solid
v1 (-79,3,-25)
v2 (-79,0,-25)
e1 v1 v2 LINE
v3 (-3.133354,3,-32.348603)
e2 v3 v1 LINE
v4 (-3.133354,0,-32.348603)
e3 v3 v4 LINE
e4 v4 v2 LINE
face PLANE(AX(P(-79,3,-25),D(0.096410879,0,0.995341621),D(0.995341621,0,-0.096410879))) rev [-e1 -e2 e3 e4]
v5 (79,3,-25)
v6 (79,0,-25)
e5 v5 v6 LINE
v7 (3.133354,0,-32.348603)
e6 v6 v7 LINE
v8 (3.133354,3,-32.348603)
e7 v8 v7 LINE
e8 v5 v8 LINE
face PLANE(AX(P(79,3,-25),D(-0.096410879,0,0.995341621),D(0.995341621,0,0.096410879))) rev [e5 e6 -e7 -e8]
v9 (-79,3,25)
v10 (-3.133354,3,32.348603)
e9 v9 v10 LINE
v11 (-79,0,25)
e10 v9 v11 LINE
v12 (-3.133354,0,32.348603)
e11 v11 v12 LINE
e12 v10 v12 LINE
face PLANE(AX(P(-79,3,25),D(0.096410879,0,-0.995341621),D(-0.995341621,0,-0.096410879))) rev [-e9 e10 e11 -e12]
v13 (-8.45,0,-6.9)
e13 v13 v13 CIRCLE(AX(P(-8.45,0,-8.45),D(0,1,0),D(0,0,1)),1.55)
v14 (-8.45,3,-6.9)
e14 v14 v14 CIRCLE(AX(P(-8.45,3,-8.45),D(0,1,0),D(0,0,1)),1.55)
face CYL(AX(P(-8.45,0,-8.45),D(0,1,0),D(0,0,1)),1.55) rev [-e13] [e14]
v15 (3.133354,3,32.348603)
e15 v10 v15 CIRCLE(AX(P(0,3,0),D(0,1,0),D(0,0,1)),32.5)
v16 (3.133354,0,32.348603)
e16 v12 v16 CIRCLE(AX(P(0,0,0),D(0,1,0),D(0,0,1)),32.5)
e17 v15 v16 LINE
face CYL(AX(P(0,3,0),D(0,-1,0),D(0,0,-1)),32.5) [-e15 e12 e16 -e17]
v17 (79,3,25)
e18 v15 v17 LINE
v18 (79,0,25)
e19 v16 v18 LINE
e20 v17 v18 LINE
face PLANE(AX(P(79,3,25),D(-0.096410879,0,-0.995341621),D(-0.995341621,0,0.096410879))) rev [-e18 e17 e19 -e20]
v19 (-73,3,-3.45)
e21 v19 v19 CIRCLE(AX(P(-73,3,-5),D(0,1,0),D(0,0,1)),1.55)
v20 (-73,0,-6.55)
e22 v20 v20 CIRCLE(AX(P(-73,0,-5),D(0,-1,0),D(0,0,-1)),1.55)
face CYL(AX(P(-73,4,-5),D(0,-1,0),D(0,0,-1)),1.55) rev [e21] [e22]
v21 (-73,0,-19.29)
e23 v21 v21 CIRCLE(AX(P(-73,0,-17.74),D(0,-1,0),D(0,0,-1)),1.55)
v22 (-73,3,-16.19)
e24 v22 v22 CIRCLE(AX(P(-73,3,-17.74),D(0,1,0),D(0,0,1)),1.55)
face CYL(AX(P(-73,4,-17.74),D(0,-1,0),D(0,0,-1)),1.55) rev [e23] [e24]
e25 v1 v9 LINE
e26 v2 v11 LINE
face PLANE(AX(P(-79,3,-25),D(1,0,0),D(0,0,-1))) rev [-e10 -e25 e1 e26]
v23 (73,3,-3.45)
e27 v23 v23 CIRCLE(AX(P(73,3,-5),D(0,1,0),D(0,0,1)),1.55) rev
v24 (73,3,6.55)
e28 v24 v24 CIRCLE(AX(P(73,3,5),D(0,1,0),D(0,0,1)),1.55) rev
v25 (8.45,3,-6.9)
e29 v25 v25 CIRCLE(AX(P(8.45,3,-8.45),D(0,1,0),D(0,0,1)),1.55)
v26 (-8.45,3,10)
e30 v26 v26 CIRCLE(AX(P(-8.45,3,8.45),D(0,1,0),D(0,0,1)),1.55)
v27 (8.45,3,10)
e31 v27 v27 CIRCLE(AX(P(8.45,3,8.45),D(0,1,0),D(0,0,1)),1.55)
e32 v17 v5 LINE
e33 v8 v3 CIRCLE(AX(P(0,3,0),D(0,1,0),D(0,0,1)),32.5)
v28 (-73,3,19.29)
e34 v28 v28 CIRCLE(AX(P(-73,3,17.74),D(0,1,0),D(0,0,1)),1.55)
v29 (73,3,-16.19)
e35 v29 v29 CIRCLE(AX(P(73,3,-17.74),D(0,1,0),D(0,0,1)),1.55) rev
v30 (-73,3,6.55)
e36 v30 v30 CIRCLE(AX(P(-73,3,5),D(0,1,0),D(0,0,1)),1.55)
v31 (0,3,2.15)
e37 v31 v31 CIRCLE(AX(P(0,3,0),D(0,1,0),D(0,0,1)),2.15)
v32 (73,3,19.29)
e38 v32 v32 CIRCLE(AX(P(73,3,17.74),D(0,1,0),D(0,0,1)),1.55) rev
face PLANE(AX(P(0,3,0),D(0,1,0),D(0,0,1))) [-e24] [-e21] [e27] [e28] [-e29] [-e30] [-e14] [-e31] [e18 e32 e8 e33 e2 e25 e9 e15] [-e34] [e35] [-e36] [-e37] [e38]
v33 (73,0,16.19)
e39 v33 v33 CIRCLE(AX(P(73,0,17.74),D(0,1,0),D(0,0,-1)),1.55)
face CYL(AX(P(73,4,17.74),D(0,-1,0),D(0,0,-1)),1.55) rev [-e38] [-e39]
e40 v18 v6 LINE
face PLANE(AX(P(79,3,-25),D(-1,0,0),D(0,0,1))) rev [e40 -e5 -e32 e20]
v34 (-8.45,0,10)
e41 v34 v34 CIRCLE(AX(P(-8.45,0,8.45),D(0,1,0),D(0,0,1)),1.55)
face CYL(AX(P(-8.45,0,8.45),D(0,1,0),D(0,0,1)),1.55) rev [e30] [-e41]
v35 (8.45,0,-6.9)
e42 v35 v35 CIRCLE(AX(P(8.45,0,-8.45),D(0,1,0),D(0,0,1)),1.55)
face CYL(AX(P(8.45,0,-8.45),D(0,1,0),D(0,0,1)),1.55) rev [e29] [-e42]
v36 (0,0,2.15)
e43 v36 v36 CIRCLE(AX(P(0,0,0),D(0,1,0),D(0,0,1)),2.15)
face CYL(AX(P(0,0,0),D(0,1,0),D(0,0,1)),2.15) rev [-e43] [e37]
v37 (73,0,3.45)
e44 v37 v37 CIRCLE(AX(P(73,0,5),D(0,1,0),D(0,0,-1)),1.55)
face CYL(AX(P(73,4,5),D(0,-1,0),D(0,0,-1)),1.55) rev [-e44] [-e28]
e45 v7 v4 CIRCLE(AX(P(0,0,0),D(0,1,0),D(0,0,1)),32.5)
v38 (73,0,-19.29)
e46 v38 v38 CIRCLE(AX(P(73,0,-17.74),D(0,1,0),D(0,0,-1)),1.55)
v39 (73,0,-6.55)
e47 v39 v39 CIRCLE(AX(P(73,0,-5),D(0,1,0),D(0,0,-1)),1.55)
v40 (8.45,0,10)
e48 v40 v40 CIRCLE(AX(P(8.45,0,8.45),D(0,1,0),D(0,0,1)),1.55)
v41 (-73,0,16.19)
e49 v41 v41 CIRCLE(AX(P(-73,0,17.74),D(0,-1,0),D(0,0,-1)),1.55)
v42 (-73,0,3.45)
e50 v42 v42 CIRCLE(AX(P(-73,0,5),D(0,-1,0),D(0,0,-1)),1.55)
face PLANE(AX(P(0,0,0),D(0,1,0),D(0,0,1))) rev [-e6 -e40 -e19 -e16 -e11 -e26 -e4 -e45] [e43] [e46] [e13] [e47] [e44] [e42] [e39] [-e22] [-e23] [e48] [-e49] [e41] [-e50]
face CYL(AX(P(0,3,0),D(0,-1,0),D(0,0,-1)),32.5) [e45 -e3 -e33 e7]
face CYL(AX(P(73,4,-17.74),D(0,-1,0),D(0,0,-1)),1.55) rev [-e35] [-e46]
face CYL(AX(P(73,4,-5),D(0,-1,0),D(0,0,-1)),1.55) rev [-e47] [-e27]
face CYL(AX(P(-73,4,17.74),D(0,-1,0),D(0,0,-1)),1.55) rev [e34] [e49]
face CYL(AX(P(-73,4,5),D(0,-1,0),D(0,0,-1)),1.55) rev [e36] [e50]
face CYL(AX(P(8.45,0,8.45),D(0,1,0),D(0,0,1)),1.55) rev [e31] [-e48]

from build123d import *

# Parameters (mm, degrees)
EXTRUDE_1_DEPTH     = 3
SKETCH_2_R          = 1.55
SKETCH_2_R_2        = 2.15
CUT_EXTRUDE_1_DEPTH = 3
SKETCH_3_R          = 1.55
CUT_EXTRUDE_2_DEPTH = 4


with BuildPart() as part:
    # 草图1 → 凸台-拉伸1 (new body)
    with BuildSketch(Plane(origin=(0, 0, 0), x_dir=(1, 0, 0), z_dir=(0, 1, 0))):
        with BuildLine():
            Line((-79, 25), (-79, -25))
            Line((-79, -25), (-3.133353582, -32.34860268))
            ThreePointArc((-3.133353582, -32.34860268), (0, -32.5), (3.133353582, -32.34860268))
            Line((3.133353582, -32.34860268), (79, -25))
            Line((79, -25), (79, 25))
            Line((79, 25), (3.133353582, 32.34860268))
            ThreePointArc((3.133353582, 32.34860268), (0, 32.5), (-3.133353582, 32.34860268))
            Line((-3.133353582, 32.34860268), (-79, 25))
        make_face()
    extrude(amount=EXTRUDE_1_DEPTH)

    # 草图2 → 切除-拉伸1 (cut)
    with BuildSketch(Plane(origin=(0, 3, 0), x_dir=(1, 0, 0), z_dir=(0, 1, 0))):
        with Locations(Location((-8.45, 8.45, 0), (0, 0, 270))):
            Circle(SKETCH_2_R)
        with Locations(Location((8.45, 8.45, 0), (0, 0, 270))):
            Circle(SKETCH_2_R)
        with Locations(Location((8.45, -8.45, 0), (0, 0, 270))):
            Circle(SKETCH_2_R)
        with Locations(Location((-8.45, -8.45, 0), (0, 0, 270))):
            Circle(SKETCH_2_R)
        with Locations(Location((0, 0, 0), (0, 0, 270))):
            Circle(SKETCH_2_R_2)
    extrude(amount=-CUT_EXTRUDE_1_DEPTH, mode=Mode.SUBTRACT)

    # 草图3 → 切除-拉伸2 (cut)
    with BuildSketch(Plane.XZ):
        with Locations(Location((-73, 17.74, 0), (0, 0, 270))):
            Circle(SKETCH_3_R)
        with Locations(Location((-73, 5, 0), (0, 0, 270))):
            Circle(SKETCH_3_R)
        with Locations(Location((-73, -5, 0), (0, 0, 270))):
            Circle(SKETCH_3_R)
        with Locations(Location((-73, -17.74, 0), (0, 0, 270))):
            Circle(SKETCH_3_R)
    cut_extrude_2 = extrude(amount=-CUT_EXTRUDE_2_DEPTH, mode=Mode.SUBTRACT)

    # 镜向1: 切除-拉伸2 across plane
    add(cut_extrude_2.mirror(Plane(origin=(0, 0, 0), x_dir=(0, 0, 1), z_dir=(1, 0, 0))), mode=Mode.SUBTRACT)


solid = part.part
